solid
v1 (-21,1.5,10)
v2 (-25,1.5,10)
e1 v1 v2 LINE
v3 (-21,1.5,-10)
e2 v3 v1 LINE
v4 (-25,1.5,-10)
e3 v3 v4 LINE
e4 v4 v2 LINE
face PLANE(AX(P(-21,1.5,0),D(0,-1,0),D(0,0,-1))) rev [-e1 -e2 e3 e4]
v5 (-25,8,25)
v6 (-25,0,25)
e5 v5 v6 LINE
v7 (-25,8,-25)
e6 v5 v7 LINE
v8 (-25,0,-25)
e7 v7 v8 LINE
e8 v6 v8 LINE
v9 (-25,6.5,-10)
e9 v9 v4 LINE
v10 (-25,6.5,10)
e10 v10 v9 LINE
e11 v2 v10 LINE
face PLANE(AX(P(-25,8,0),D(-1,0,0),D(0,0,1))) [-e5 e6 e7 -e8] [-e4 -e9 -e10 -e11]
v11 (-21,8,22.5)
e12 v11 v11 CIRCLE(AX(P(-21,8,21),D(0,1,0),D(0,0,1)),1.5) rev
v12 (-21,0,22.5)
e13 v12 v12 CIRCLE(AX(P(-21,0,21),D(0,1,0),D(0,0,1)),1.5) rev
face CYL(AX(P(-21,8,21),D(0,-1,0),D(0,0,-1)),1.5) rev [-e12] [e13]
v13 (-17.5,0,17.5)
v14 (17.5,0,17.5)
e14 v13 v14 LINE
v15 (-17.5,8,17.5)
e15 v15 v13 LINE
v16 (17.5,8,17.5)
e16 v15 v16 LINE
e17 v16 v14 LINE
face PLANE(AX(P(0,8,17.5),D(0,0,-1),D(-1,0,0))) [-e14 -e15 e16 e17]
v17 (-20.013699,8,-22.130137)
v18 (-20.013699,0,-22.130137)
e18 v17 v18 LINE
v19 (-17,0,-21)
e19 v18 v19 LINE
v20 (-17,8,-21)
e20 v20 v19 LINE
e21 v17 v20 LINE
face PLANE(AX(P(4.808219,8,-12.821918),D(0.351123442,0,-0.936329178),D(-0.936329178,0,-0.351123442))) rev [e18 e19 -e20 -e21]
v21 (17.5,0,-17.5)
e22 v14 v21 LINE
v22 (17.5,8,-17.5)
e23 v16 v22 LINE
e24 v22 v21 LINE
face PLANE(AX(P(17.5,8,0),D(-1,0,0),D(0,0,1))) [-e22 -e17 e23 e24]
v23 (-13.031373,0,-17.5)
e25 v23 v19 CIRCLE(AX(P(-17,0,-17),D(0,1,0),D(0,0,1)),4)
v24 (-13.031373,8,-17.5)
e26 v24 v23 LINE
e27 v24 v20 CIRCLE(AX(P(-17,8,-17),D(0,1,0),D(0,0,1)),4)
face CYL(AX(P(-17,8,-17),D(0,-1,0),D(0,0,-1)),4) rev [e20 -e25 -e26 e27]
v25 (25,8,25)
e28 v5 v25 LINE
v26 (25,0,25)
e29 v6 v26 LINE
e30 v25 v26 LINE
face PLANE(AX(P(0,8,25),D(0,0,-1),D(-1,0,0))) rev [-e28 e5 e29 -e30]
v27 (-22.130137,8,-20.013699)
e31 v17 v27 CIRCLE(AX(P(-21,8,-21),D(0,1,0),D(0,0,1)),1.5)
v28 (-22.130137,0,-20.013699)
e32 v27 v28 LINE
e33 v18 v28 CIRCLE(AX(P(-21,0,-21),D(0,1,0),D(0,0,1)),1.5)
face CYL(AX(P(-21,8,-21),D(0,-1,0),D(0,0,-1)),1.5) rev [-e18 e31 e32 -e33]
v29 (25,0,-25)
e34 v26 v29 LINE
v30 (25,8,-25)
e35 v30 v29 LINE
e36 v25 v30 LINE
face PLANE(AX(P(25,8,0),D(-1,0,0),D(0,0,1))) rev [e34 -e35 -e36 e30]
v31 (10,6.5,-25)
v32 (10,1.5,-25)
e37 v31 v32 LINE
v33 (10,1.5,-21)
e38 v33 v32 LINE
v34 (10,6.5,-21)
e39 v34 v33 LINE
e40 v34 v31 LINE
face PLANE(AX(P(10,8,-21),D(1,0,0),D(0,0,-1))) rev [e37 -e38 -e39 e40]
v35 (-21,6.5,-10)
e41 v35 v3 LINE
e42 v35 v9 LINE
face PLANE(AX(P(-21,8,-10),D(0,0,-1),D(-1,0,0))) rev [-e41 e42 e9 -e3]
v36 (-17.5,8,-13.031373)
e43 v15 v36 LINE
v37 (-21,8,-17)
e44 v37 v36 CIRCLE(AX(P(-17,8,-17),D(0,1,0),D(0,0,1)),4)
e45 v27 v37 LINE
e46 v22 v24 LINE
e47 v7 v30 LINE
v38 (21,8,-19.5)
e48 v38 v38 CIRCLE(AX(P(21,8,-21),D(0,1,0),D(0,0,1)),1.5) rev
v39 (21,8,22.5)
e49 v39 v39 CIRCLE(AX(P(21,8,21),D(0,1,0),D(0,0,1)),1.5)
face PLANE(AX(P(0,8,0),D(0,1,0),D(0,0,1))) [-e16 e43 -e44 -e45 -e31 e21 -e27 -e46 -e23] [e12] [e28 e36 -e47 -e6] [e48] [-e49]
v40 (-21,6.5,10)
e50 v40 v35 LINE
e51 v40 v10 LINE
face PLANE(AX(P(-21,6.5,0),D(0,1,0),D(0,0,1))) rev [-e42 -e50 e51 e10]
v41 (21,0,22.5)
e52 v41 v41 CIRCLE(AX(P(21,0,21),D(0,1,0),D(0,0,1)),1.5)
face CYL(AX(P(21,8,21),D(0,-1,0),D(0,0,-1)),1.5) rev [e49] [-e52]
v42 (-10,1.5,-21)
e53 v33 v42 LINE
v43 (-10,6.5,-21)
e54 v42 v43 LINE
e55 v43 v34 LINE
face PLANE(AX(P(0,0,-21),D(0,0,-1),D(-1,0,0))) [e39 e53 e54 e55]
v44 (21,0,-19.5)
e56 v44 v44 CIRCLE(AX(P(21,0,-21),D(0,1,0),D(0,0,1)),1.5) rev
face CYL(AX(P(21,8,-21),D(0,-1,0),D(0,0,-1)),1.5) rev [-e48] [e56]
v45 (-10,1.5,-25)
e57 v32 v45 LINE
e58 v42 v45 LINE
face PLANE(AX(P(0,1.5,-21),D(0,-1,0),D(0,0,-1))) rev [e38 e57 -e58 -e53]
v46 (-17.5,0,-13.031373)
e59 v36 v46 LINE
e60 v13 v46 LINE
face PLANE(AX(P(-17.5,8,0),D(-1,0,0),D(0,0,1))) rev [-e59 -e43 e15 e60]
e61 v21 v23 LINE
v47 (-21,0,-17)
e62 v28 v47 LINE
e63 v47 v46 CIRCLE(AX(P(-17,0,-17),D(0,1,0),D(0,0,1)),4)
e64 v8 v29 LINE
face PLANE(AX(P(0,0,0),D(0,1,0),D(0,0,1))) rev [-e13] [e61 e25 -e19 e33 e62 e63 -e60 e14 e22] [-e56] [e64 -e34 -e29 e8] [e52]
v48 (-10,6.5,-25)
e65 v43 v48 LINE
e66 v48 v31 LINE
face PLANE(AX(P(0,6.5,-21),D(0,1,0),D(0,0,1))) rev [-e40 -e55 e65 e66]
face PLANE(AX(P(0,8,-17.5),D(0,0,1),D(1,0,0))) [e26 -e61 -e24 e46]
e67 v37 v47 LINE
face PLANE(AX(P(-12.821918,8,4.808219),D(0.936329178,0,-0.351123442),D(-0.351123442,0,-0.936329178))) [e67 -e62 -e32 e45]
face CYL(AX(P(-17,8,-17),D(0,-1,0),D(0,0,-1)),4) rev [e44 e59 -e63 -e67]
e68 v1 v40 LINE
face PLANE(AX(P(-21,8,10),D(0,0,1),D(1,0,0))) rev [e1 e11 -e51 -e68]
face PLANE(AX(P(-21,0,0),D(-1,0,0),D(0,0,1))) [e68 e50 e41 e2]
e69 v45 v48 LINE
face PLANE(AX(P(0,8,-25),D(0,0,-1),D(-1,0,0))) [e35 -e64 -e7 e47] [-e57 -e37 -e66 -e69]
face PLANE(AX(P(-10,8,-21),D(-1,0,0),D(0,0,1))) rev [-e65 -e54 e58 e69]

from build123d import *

# Parameters (mm, degrees)
SKETCH1_W       = 50
SKETCH1_H       = 50
SKETCH1_R       = 1.5
SUPPORT_DEPTH   = 8
NORTH_START     = -25
SKETCH2_W       = 20
SKETCH2_H       = 5
NORTH_CUT_DEPTH = 4
WEST_START      = -25
SKETCH3_W       = 20
SKETCH3_H       = 5
WEST_CUT_DEPTH  = 4


with BuildPart() as part:
    # Sketch1 → Support (new body)
    with BuildSketch(Plane(origin=(0, 0, 0), x_dir=(1, 0, 0), z_dir=(0, 1, 0))):
        Rectangle(SKETCH1_W, SKETCH1_H)
        with Locations(Location((-21, -21, 0), (0, 0, 270))):
            Circle(SKETCH1_R, mode=Mode.SUBTRACT)
        with Locations(Location((21, -21, 0), (0, 0, 270))):
            Circle(SKETCH1_R, mode=Mode.SUBTRACT)
        with BuildLine():
            Line((-13.031373033, 17.5), (17.5, 17.5))
            Line((17.5, 17.5), (17.5, -17.5))
            Line((17.5, -17.5), (-17.5, -17.5))
            Line((-17.5, -17.5), (-17.5, 13.031373033))
            ThreePointArc((-17.5, 13.031373033), (-20, 14.354248689), (-21, 17))
            Line((-21, 17), (-22.130136986, 20.01369863))
            ThreePointArc((-22.130136986, 20.01369863), (-22.060660172, 22.060660172), (-20.01369863, 22.130136986))
            Line((-20.01369863, 22.130136986), (-17, 21))
            ThreePointArc((-17, 21), (-14.354248689, 20), (-13.031373033, 17.5))
        make_face(mode=Mode.SUBTRACT)
        with Locations(Location((21, 21, 0), (0, 0, 270))):
            Circle(SKETCH1_R, mode=Mode.SUBTRACT)
    extrude(amount=SUPPORT_DEPTH)

    # Sketch2 → North Cut (cut)
    with BuildSketch(Plane.XY.offset(NORTH_START)):
        with Locations((0, 4)):
            Rectangle(SKETCH2_W, SKETCH2_H)
    extrude(amount=NORTH_CUT_DEPTH, mode=Mode.SUBTRACT)

    # Sketch3 → West Cut (cut)
    with BuildSketch(Plane(origin=(0, 0, 0), x_dir=(0, 0, -1), z_dir=(1, 0, 0)).offset(WEST_START)):
        with Locations((0, 4)):
            Rectangle(SKETCH3_W, SKETCH3_H)
    extrude(amount=WEST_CUT_DEPTH, mode=Mode.SUBTRACT)


solid = part.part
